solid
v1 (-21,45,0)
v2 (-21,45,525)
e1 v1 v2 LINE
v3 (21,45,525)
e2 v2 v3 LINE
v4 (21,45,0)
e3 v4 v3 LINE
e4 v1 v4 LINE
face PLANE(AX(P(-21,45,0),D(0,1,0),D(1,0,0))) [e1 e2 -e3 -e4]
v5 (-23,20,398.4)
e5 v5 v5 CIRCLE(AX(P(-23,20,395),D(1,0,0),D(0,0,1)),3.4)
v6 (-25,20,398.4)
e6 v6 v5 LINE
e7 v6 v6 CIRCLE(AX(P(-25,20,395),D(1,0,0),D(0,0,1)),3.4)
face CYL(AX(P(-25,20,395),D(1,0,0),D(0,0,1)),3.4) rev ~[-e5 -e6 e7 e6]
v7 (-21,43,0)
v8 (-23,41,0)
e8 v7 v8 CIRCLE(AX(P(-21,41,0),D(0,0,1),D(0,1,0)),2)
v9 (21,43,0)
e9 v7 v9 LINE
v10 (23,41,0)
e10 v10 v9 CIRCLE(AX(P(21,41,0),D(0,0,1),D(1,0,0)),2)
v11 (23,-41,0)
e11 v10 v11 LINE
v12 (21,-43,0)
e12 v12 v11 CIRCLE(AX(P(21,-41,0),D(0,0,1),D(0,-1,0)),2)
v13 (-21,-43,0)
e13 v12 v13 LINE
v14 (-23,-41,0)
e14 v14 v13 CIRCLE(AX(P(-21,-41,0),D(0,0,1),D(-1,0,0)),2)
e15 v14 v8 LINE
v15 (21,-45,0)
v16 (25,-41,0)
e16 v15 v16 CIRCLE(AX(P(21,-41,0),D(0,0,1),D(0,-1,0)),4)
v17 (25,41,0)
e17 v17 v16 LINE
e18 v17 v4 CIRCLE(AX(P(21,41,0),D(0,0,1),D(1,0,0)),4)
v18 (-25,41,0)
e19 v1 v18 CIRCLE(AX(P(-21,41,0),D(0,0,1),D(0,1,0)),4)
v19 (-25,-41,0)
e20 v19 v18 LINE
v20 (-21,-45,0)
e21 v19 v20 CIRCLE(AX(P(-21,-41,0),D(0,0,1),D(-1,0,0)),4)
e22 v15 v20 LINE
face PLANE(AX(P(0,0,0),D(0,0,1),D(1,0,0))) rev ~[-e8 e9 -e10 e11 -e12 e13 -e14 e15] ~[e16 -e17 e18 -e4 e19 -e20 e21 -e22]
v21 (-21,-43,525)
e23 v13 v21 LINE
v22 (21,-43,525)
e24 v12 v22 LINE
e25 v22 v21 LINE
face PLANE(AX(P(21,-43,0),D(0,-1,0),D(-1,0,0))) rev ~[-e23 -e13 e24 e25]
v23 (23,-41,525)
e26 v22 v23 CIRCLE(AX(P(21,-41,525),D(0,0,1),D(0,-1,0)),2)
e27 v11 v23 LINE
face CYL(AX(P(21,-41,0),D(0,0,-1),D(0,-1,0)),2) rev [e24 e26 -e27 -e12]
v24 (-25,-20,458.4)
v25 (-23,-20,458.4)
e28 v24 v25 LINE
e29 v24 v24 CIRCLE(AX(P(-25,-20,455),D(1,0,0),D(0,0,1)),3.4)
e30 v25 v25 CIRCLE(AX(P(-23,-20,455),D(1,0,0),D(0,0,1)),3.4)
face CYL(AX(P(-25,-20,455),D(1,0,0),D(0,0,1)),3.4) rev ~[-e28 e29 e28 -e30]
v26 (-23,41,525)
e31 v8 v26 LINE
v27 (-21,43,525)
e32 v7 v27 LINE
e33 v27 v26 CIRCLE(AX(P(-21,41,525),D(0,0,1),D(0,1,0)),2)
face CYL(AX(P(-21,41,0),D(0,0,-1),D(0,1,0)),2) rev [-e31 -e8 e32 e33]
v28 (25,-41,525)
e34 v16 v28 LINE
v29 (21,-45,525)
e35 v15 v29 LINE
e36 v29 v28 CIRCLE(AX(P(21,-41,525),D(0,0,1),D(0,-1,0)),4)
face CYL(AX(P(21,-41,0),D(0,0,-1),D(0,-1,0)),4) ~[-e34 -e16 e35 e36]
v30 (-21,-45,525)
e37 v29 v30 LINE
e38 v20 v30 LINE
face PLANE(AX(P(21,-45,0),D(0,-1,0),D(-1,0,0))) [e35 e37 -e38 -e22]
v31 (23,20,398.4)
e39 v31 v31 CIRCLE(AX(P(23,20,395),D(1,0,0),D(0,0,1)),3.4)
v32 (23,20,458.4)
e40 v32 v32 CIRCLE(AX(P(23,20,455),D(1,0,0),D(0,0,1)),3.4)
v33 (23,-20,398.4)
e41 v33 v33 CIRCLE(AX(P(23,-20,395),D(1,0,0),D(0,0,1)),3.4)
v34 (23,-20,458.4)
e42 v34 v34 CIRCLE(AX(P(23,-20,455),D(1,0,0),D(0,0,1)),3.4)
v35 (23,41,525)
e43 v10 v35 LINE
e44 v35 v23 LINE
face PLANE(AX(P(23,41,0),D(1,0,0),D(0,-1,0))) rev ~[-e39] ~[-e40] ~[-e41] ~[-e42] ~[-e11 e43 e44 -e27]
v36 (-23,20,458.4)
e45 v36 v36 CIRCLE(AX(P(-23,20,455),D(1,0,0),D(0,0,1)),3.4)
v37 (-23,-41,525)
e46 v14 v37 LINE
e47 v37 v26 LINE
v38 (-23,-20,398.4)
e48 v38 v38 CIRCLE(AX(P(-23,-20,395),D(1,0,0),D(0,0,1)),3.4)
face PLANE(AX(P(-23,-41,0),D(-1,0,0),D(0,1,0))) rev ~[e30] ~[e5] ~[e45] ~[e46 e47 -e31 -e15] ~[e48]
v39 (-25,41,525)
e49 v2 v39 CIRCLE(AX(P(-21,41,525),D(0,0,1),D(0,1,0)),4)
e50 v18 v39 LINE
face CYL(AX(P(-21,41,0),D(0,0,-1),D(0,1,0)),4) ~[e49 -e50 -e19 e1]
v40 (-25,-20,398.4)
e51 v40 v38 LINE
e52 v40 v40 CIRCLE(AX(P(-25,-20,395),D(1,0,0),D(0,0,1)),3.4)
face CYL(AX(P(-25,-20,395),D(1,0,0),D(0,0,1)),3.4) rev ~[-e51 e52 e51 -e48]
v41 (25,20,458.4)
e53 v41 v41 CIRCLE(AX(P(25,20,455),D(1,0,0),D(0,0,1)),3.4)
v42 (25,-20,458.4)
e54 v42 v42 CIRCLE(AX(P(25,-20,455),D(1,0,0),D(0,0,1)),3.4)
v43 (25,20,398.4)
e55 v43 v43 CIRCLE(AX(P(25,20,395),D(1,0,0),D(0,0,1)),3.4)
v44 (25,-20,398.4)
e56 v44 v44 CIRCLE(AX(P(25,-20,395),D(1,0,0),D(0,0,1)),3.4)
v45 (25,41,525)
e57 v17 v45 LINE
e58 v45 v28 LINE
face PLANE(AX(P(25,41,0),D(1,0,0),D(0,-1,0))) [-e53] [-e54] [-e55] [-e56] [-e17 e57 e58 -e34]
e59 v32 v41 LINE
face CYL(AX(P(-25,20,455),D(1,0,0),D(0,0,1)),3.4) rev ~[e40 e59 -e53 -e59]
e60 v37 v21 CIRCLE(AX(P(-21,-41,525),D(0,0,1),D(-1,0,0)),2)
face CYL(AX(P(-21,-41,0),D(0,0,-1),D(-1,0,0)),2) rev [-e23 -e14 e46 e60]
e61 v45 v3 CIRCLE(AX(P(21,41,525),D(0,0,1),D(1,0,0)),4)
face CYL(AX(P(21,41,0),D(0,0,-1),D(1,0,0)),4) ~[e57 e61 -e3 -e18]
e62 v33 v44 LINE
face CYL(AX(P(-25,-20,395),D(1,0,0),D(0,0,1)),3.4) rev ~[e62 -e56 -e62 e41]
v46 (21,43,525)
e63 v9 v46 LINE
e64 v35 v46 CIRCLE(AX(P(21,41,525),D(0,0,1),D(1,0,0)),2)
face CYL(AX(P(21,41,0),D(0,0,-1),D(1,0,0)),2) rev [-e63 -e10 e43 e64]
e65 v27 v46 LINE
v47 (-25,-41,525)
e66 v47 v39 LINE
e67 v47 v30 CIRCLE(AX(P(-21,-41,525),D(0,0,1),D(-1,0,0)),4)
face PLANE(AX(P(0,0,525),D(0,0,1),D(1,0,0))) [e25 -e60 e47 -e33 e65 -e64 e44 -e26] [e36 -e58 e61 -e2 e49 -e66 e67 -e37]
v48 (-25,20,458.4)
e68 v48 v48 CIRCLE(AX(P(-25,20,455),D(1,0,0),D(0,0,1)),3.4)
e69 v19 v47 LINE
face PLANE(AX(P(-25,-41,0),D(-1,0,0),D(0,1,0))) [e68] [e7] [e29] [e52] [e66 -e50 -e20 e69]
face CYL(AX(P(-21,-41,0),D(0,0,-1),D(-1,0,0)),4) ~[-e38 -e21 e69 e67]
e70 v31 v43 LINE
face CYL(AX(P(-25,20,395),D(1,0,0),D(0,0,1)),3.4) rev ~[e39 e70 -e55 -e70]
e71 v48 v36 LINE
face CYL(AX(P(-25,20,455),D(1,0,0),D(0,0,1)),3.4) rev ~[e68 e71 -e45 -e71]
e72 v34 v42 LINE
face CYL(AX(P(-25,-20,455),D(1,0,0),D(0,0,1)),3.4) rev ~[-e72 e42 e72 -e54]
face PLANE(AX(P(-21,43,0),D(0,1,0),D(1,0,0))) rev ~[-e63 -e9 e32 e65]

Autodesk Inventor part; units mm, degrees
ref_plane "Start Plane" through (0, 0, 0) normal (0, 0, 1) x (1, 0, 0)
ref_plane "End Plane" through (0, 0, 525) normal (0, 0, 1) x (1, 0, 0)
sketch "Sketch" plane through (0, 0, 0) normal (0, 0, 1) x (1, 0, 0)
  line L0 (-25, -41) -> (-25, 41)
  line L1 (-21, 45) -> (21, 45)
  line L2 (25, 41) -> (25, -41)
  line L3 (21, -45) -> (-21, -45)
  arc A0 (-25, -41) -> (-21, -45) centre (-21, -41) ccw
  arc A1 (25, 41) -> (21, 45) centre (21, 41) ccw
  arc A2 (-21, 45) -> (-25, 41) centre (-21, 41) ccw
  arc A3 (21, -45) -> (25, -41) centre (21, -41) ccw
  arc A4 (-21, 43) -> (-23, 41) centre (-21, 41) ccw
  line L4 (-21, 43) -> (21, 43)
  arc A5 (23, 41) -> (21, 43) centre (21, 41) ccw
  line L5 (23, 41) -> (23, -41)
  arc A6 (21, -43) -> (23, -41) centre (21, -41) ccw
  line L6 (21, -43) -> (-21, -43)
  arc A7 (-23, -41) -> (-21, -43) centre (-21, -41) ccw
  line L7 (-23, -41) -> (-23, 41)
  line L8 (0, 64.1598) -> (0, -64.1598) construction
  line L9 (-36.1598, 0) -> (36.1598, 0) construction
  dimension "d7" = 4
  dimension "d9" = 50
  dimension "d11" = 90
  dimension "d12" = 2
  dimension "d15" = 25
  dimension "d16" = 45
extrude "Body" add sketch "Sketch" along normal up to surface (525 mm away) from surface at 0
sketch "Sketch3" plane through (0, 0, 0) normal (0, 0, 1) x (1, 0, 0)
  line L0 (0, 0) -> (10, 0)
ref_plane "Work Plane3" through (0, 0, 0) normal (0, -1, 0) x (1, 0, 0)
sketch "Sketch4" plane through (0, 0, 0) normal (0, -1, 0) x (1, 0, 0)
  line L0 (-2, 0) -> (12, 0)
  line L1 (-2, 525) -> (12, 525)
  dimension "d18" = 525
ref_plane "Work Plane4" through (21, 2290, 525) normal (0, 0, 1) x (1, 0, 0)
split "Split1" plane through (21, 2290, 525) removes the side toward (0, 0, 1)
sketch "Sketch5" plane through (-25, 41, 0) normal (-1, 0, 0) x (0, 0, 1)
  line L0 (395, -21) -> (455, -21)
  line L1 (455, -21) -> (455, -61)
  line L2 (455, -61) -> (395, -61)
  line L3 (395, -61) -> (395, -21)
  line L4 (525, -82) -> (525, 0) projected
  line L5 (525, -41) -> (516.5048, -41)
  point P0 (0, -41)
  dimension "d19" = 60
  dimension "d20" = 40
  dimension "d21" = 70
hole "Hole1" at (-25, 20, 395) at (-25, -20, 395) at (-25, 20, 455) at (-25, -20, 455) direction (1, 0, 0) diameter 6.8 end through all
equation "\"d7\" = G_IR"
equation "\"d9\" = G_W"
equation "\"d11\" = G_H"
equation "\"d12\" = G_T"
equation "\"d15\" = 0.5 * d9"
equation "\"d16\" = 0.5 * d11"
equation "\"d3\" = G_L"
equation "\"G_W\" = 50"
equation "\"G_H\" = 90"
equation "\"G_T\" = 2"
equation "\"G_IR\" = 4"
equation "\"G_L\" = d18"
equation "\"G_OFFSET_START\" = 0"
equation "\"G_OFFSET_END\" = -25"
equation "\"d14\" = G_OFFSET_END + B_L"
equation "\"B_L\" = 550"
properties part number "ISO 10799-2 - 90x50x2 - 525" material "Steel, Mild"
